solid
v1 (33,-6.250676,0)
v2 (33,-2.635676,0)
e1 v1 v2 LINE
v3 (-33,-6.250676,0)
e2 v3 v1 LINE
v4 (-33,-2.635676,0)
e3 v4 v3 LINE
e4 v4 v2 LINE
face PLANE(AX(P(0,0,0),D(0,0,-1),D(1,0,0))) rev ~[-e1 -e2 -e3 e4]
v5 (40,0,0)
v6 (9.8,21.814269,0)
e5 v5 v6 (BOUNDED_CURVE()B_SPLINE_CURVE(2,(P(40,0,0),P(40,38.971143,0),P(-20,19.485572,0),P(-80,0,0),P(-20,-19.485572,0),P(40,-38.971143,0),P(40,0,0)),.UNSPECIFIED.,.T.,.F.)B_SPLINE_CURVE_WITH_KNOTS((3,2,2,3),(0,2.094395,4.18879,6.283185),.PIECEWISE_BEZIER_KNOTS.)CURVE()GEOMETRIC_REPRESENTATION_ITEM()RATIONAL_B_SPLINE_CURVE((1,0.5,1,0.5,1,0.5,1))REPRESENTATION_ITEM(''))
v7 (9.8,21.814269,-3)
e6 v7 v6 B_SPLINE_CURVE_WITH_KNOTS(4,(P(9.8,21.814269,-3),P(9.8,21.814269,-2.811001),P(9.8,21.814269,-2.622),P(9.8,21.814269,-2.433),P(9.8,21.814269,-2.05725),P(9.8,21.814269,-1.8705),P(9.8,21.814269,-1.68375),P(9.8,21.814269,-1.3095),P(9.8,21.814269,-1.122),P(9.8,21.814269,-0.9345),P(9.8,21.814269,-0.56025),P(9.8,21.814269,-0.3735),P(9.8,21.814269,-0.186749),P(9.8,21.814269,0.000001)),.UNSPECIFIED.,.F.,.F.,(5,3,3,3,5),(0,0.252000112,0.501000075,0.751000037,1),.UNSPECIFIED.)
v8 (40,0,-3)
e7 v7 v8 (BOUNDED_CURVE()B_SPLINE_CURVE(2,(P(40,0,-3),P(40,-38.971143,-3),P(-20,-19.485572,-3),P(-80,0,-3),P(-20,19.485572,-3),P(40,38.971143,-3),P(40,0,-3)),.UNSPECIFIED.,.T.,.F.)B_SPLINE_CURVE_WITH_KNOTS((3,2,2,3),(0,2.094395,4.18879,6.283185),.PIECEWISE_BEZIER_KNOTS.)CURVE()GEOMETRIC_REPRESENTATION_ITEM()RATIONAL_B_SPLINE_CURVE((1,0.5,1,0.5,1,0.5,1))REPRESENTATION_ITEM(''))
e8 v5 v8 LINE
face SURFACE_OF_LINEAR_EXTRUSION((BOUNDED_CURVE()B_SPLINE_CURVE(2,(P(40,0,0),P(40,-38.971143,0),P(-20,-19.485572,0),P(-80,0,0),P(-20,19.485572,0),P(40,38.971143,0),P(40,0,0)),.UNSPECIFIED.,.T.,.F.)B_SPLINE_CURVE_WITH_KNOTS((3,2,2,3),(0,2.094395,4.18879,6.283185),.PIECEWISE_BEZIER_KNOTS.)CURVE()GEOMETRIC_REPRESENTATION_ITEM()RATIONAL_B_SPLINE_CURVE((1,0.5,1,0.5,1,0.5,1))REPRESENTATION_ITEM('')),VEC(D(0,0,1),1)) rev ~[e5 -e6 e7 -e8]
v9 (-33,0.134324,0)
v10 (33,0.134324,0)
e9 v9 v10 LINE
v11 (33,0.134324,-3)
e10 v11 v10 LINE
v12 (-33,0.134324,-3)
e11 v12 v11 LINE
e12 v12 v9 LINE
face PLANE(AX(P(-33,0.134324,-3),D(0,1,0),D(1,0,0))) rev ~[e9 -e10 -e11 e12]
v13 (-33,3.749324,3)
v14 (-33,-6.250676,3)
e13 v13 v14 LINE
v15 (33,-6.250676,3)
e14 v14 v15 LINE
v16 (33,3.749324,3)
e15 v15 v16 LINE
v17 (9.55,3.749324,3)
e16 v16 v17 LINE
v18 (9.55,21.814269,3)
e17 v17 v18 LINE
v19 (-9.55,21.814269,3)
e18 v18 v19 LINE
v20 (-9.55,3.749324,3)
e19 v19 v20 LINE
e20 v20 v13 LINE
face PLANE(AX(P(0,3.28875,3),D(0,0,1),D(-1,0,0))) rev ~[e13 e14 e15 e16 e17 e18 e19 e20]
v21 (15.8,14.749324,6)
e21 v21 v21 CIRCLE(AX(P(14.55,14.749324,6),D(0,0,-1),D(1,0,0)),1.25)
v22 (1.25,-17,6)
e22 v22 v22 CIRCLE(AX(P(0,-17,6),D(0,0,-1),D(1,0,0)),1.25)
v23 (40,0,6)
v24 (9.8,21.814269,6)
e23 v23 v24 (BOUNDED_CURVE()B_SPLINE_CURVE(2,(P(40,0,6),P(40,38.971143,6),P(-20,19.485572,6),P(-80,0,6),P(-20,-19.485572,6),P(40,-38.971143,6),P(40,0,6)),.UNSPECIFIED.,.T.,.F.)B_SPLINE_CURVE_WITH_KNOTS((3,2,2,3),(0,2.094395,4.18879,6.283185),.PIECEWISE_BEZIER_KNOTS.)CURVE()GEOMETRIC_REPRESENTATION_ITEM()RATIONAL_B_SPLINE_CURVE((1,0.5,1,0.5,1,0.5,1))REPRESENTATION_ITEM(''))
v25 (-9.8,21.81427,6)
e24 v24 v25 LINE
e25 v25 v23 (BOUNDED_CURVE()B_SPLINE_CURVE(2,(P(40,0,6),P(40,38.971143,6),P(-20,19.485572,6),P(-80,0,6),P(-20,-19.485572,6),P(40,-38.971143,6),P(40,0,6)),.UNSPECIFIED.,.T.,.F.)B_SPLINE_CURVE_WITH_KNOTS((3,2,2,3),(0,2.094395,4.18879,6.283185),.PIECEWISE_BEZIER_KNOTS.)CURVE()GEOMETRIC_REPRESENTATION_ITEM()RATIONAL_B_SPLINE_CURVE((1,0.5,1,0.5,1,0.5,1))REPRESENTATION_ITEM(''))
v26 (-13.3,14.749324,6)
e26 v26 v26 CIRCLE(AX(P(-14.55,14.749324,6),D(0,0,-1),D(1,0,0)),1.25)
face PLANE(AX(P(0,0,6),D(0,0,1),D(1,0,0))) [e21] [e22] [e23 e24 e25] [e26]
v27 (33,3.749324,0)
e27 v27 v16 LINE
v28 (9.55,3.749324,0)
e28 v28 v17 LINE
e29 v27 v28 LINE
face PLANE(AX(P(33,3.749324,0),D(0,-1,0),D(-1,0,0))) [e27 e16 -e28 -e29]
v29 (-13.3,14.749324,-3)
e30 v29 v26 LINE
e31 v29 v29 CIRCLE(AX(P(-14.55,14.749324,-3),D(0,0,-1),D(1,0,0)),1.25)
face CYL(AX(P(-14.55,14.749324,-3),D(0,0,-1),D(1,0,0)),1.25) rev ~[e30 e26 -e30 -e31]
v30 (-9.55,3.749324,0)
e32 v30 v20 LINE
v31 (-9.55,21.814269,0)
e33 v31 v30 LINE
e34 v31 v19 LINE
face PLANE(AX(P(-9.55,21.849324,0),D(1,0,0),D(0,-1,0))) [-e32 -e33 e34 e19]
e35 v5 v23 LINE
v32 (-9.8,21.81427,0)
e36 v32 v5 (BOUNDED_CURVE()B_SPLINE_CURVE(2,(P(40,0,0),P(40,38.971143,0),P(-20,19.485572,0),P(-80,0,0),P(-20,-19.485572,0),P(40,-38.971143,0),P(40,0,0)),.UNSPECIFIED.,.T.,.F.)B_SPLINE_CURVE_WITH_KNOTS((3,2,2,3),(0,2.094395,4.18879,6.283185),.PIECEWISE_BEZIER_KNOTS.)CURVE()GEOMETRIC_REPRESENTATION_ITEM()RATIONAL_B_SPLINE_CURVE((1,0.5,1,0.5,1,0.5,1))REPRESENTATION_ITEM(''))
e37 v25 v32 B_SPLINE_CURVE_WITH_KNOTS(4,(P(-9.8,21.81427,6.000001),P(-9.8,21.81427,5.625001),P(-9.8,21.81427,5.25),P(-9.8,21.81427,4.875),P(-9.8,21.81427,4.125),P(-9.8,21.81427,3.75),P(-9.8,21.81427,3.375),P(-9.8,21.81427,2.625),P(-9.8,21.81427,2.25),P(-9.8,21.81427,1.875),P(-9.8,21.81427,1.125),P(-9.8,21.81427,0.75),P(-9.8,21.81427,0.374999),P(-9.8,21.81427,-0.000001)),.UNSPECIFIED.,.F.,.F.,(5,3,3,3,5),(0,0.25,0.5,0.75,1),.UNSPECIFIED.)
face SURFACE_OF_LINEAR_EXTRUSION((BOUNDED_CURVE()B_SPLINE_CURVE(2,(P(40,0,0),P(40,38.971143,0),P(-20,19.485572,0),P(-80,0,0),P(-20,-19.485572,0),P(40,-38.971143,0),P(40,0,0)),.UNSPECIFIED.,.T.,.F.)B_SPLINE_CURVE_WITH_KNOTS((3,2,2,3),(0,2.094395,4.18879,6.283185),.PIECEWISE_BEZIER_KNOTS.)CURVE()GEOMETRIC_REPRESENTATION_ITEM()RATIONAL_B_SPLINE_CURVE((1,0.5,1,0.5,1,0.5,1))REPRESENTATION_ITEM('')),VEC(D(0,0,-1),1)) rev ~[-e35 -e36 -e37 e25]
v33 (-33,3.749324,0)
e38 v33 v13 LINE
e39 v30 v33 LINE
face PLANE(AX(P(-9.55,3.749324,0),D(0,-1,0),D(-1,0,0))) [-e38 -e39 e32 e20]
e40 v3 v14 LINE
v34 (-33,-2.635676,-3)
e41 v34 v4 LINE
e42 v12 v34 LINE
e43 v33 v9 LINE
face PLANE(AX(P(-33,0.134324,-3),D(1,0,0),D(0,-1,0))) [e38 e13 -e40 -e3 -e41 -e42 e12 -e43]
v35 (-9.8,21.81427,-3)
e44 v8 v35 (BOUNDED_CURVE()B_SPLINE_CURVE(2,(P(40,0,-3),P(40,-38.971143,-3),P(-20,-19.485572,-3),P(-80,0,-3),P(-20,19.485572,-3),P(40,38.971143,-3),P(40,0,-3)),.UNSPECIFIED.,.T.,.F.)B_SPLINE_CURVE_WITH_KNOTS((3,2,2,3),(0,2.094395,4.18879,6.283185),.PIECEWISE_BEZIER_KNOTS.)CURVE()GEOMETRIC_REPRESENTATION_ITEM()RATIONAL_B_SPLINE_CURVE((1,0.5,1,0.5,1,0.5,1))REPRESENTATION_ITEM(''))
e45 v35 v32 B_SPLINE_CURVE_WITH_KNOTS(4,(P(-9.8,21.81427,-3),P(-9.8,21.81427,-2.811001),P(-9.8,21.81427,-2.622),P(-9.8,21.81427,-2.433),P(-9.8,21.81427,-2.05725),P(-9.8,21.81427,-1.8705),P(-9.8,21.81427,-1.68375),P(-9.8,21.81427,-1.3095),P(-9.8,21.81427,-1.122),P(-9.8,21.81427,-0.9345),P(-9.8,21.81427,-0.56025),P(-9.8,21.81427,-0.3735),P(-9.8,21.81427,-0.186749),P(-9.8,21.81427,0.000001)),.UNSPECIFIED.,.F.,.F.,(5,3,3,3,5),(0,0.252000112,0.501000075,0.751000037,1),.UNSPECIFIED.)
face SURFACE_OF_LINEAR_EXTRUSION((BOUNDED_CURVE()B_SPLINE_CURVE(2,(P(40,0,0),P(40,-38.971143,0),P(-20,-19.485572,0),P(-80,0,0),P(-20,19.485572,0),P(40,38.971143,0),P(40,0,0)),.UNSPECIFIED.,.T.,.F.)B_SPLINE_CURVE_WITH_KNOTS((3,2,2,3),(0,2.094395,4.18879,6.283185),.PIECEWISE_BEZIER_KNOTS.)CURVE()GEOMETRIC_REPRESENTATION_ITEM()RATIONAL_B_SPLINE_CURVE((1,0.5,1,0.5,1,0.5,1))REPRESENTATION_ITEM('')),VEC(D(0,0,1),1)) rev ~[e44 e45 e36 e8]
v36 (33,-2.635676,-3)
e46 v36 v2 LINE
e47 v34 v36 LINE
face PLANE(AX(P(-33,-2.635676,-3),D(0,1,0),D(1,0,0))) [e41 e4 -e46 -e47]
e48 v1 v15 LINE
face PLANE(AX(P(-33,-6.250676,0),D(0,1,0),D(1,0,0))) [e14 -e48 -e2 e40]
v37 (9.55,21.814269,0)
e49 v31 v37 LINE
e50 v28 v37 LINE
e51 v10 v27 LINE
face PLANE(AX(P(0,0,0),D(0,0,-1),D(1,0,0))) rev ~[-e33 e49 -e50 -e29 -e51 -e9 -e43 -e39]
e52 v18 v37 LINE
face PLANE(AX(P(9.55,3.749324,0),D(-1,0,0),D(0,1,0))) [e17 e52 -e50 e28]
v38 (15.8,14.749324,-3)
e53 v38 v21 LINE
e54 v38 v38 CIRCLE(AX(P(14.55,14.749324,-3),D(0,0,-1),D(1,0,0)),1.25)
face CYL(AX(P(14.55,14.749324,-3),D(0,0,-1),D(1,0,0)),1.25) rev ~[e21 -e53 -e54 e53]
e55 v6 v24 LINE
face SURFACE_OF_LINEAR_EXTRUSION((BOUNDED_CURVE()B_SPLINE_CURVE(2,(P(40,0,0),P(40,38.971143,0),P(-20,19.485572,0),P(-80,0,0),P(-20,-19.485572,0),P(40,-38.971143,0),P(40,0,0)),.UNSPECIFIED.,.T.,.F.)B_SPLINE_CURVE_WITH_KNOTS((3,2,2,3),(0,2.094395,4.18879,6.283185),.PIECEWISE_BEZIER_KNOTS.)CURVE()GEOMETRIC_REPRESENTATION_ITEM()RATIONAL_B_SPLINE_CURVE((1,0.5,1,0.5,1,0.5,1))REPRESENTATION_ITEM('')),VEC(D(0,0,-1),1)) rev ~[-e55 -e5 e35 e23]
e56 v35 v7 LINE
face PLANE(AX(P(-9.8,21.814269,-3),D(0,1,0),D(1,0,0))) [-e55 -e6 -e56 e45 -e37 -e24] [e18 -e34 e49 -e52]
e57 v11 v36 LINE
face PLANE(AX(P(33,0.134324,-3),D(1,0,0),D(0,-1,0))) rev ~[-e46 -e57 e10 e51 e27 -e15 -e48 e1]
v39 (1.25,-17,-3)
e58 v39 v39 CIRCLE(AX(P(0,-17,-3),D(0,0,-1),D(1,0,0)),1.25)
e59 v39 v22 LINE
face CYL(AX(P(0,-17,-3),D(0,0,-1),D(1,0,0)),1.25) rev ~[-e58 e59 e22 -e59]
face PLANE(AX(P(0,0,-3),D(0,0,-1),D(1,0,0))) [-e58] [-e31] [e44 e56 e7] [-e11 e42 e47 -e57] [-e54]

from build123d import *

# Parameters (mm, degrees)
PAD_DEPTH       = 6
POCKET_DEPTH    = 3
PAD001_DEPTH    = 3
SKETCH003_W     = 66
SKETCH003_H     = 2.77
POCKET001_DEPTH = 3
SKETCH004_W     = 19.6
SKETCH004_H     = 1
POCKET002_DEPTH = 9.001
SKETCH005_R     = 1.25
POCKET003_DEPTH = 9.001


with BuildPart() as part:
    # Sketch → Pad (new body)
    with BuildSketch(Plane.XY):
        with BuildLine():
            add(Edge.make_bspline(
                [(40, 0), (40, 38.971143), (-20, 19.485572), (-80, 0), (-20, -19.485572), (40, -38.971143), (40, 0)],
                knots=[0, 0, 0, 2.094395, 2.094395, 4.18879, 4.18879, 6.283185, 6.283185, 6.283185], degree=2, weights=[1, 0.5, 1, 0.5, 1, 0.5, 1]))
        make_face()
    extrude(amount=PAD_DEPTH)

    # Sketch001 (on Face2 of Pad) → Pocket (cut)
    with BuildSketch(Plane(origin=(0, 0, 0), x_dir=(1, 0, 0), z_dir=(0, 0, -1))):
        Polygon((9.55, -3.749324), (9.55, -21.849324), (-9.55, -21.849324), (-9.55, -3.749324), (-33, -3.749324), (-33, 6.250676), (33, 6.250676), (33, -3.749324), align=None)
    extrude(amount=-POCKET_DEPTH, mode=Mode.SUBTRACT)

    # Sketch002 (on Face2 of Pocket) → Pad001 (join)
    with BuildSketch(Plane(origin=(0, 0, 0), x_dir=(1, 0, 0), z_dir=(0, 0, -1))):
        with BuildLine():
            add(Edge.make_bspline(
                [(40, 0), (40, 38.971143), (-20, 19.485572), (-80, 0), (-20, -19.485572), (40, -38.971143), (40, 0)],
                knots=[0, 0, 0, 2.094395, 2.094395, 4.18879, 4.18879, 6.283185, 6.283185, 6.283185], degree=2, weights=[1, 0.5, 1, 0.5, 1, 0.5, 1]))
        make_face()
    extrude(amount=PAD001_DEPTH)

    # Sketch003 (on Face4 of Pad001) → Pocket001 (cut)
    with BuildSketch(Plane(origin=(0, 0, -3), x_dir=(1, 0, 0), z_dir=(0, 0, -1))):
        with Locations((0, 1.250676)):
            Rectangle(SKETCH003_W, SKETCH003_H)
    extrude(amount=-POCKET001_DEPTH, mode=Mode.SUBTRACT)

    # Sketch004 (on Face4 of Pocket001) → Pocket002 (cut, through all)
    with BuildSketch(Plane(origin=(0, 0, -3), x_dir=(1, 0, 0), z_dir=(0, 0, -1))):
        with Locations((0, -22.314269)):
            Rectangle(SKETCH004_W, SKETCH004_H)
    extrude(amount=-POCKET002_DEPTH, mode=Mode.SUBTRACT)

    # Sketch005 (on Face7 of Pocket002) → Pocket003 (cut, through all)
    with BuildSketch(Plane(origin=(0, 0, -3), x_dir=(1, 0, 0), z_dir=(0, 0, -1))):
        with Locations((-14.55, -14.749324)):
            Circle(SKETCH005_R)
        with Locations((0, 17)):
            Circle(SKETCH005_R)
        with Locations((14.55, -14.749324)):
            Circle(SKETCH005_R)
    extrude(amount=-POCKET003_DEPTH, mode=Mode.SUBTRACT)


solid = part.part
